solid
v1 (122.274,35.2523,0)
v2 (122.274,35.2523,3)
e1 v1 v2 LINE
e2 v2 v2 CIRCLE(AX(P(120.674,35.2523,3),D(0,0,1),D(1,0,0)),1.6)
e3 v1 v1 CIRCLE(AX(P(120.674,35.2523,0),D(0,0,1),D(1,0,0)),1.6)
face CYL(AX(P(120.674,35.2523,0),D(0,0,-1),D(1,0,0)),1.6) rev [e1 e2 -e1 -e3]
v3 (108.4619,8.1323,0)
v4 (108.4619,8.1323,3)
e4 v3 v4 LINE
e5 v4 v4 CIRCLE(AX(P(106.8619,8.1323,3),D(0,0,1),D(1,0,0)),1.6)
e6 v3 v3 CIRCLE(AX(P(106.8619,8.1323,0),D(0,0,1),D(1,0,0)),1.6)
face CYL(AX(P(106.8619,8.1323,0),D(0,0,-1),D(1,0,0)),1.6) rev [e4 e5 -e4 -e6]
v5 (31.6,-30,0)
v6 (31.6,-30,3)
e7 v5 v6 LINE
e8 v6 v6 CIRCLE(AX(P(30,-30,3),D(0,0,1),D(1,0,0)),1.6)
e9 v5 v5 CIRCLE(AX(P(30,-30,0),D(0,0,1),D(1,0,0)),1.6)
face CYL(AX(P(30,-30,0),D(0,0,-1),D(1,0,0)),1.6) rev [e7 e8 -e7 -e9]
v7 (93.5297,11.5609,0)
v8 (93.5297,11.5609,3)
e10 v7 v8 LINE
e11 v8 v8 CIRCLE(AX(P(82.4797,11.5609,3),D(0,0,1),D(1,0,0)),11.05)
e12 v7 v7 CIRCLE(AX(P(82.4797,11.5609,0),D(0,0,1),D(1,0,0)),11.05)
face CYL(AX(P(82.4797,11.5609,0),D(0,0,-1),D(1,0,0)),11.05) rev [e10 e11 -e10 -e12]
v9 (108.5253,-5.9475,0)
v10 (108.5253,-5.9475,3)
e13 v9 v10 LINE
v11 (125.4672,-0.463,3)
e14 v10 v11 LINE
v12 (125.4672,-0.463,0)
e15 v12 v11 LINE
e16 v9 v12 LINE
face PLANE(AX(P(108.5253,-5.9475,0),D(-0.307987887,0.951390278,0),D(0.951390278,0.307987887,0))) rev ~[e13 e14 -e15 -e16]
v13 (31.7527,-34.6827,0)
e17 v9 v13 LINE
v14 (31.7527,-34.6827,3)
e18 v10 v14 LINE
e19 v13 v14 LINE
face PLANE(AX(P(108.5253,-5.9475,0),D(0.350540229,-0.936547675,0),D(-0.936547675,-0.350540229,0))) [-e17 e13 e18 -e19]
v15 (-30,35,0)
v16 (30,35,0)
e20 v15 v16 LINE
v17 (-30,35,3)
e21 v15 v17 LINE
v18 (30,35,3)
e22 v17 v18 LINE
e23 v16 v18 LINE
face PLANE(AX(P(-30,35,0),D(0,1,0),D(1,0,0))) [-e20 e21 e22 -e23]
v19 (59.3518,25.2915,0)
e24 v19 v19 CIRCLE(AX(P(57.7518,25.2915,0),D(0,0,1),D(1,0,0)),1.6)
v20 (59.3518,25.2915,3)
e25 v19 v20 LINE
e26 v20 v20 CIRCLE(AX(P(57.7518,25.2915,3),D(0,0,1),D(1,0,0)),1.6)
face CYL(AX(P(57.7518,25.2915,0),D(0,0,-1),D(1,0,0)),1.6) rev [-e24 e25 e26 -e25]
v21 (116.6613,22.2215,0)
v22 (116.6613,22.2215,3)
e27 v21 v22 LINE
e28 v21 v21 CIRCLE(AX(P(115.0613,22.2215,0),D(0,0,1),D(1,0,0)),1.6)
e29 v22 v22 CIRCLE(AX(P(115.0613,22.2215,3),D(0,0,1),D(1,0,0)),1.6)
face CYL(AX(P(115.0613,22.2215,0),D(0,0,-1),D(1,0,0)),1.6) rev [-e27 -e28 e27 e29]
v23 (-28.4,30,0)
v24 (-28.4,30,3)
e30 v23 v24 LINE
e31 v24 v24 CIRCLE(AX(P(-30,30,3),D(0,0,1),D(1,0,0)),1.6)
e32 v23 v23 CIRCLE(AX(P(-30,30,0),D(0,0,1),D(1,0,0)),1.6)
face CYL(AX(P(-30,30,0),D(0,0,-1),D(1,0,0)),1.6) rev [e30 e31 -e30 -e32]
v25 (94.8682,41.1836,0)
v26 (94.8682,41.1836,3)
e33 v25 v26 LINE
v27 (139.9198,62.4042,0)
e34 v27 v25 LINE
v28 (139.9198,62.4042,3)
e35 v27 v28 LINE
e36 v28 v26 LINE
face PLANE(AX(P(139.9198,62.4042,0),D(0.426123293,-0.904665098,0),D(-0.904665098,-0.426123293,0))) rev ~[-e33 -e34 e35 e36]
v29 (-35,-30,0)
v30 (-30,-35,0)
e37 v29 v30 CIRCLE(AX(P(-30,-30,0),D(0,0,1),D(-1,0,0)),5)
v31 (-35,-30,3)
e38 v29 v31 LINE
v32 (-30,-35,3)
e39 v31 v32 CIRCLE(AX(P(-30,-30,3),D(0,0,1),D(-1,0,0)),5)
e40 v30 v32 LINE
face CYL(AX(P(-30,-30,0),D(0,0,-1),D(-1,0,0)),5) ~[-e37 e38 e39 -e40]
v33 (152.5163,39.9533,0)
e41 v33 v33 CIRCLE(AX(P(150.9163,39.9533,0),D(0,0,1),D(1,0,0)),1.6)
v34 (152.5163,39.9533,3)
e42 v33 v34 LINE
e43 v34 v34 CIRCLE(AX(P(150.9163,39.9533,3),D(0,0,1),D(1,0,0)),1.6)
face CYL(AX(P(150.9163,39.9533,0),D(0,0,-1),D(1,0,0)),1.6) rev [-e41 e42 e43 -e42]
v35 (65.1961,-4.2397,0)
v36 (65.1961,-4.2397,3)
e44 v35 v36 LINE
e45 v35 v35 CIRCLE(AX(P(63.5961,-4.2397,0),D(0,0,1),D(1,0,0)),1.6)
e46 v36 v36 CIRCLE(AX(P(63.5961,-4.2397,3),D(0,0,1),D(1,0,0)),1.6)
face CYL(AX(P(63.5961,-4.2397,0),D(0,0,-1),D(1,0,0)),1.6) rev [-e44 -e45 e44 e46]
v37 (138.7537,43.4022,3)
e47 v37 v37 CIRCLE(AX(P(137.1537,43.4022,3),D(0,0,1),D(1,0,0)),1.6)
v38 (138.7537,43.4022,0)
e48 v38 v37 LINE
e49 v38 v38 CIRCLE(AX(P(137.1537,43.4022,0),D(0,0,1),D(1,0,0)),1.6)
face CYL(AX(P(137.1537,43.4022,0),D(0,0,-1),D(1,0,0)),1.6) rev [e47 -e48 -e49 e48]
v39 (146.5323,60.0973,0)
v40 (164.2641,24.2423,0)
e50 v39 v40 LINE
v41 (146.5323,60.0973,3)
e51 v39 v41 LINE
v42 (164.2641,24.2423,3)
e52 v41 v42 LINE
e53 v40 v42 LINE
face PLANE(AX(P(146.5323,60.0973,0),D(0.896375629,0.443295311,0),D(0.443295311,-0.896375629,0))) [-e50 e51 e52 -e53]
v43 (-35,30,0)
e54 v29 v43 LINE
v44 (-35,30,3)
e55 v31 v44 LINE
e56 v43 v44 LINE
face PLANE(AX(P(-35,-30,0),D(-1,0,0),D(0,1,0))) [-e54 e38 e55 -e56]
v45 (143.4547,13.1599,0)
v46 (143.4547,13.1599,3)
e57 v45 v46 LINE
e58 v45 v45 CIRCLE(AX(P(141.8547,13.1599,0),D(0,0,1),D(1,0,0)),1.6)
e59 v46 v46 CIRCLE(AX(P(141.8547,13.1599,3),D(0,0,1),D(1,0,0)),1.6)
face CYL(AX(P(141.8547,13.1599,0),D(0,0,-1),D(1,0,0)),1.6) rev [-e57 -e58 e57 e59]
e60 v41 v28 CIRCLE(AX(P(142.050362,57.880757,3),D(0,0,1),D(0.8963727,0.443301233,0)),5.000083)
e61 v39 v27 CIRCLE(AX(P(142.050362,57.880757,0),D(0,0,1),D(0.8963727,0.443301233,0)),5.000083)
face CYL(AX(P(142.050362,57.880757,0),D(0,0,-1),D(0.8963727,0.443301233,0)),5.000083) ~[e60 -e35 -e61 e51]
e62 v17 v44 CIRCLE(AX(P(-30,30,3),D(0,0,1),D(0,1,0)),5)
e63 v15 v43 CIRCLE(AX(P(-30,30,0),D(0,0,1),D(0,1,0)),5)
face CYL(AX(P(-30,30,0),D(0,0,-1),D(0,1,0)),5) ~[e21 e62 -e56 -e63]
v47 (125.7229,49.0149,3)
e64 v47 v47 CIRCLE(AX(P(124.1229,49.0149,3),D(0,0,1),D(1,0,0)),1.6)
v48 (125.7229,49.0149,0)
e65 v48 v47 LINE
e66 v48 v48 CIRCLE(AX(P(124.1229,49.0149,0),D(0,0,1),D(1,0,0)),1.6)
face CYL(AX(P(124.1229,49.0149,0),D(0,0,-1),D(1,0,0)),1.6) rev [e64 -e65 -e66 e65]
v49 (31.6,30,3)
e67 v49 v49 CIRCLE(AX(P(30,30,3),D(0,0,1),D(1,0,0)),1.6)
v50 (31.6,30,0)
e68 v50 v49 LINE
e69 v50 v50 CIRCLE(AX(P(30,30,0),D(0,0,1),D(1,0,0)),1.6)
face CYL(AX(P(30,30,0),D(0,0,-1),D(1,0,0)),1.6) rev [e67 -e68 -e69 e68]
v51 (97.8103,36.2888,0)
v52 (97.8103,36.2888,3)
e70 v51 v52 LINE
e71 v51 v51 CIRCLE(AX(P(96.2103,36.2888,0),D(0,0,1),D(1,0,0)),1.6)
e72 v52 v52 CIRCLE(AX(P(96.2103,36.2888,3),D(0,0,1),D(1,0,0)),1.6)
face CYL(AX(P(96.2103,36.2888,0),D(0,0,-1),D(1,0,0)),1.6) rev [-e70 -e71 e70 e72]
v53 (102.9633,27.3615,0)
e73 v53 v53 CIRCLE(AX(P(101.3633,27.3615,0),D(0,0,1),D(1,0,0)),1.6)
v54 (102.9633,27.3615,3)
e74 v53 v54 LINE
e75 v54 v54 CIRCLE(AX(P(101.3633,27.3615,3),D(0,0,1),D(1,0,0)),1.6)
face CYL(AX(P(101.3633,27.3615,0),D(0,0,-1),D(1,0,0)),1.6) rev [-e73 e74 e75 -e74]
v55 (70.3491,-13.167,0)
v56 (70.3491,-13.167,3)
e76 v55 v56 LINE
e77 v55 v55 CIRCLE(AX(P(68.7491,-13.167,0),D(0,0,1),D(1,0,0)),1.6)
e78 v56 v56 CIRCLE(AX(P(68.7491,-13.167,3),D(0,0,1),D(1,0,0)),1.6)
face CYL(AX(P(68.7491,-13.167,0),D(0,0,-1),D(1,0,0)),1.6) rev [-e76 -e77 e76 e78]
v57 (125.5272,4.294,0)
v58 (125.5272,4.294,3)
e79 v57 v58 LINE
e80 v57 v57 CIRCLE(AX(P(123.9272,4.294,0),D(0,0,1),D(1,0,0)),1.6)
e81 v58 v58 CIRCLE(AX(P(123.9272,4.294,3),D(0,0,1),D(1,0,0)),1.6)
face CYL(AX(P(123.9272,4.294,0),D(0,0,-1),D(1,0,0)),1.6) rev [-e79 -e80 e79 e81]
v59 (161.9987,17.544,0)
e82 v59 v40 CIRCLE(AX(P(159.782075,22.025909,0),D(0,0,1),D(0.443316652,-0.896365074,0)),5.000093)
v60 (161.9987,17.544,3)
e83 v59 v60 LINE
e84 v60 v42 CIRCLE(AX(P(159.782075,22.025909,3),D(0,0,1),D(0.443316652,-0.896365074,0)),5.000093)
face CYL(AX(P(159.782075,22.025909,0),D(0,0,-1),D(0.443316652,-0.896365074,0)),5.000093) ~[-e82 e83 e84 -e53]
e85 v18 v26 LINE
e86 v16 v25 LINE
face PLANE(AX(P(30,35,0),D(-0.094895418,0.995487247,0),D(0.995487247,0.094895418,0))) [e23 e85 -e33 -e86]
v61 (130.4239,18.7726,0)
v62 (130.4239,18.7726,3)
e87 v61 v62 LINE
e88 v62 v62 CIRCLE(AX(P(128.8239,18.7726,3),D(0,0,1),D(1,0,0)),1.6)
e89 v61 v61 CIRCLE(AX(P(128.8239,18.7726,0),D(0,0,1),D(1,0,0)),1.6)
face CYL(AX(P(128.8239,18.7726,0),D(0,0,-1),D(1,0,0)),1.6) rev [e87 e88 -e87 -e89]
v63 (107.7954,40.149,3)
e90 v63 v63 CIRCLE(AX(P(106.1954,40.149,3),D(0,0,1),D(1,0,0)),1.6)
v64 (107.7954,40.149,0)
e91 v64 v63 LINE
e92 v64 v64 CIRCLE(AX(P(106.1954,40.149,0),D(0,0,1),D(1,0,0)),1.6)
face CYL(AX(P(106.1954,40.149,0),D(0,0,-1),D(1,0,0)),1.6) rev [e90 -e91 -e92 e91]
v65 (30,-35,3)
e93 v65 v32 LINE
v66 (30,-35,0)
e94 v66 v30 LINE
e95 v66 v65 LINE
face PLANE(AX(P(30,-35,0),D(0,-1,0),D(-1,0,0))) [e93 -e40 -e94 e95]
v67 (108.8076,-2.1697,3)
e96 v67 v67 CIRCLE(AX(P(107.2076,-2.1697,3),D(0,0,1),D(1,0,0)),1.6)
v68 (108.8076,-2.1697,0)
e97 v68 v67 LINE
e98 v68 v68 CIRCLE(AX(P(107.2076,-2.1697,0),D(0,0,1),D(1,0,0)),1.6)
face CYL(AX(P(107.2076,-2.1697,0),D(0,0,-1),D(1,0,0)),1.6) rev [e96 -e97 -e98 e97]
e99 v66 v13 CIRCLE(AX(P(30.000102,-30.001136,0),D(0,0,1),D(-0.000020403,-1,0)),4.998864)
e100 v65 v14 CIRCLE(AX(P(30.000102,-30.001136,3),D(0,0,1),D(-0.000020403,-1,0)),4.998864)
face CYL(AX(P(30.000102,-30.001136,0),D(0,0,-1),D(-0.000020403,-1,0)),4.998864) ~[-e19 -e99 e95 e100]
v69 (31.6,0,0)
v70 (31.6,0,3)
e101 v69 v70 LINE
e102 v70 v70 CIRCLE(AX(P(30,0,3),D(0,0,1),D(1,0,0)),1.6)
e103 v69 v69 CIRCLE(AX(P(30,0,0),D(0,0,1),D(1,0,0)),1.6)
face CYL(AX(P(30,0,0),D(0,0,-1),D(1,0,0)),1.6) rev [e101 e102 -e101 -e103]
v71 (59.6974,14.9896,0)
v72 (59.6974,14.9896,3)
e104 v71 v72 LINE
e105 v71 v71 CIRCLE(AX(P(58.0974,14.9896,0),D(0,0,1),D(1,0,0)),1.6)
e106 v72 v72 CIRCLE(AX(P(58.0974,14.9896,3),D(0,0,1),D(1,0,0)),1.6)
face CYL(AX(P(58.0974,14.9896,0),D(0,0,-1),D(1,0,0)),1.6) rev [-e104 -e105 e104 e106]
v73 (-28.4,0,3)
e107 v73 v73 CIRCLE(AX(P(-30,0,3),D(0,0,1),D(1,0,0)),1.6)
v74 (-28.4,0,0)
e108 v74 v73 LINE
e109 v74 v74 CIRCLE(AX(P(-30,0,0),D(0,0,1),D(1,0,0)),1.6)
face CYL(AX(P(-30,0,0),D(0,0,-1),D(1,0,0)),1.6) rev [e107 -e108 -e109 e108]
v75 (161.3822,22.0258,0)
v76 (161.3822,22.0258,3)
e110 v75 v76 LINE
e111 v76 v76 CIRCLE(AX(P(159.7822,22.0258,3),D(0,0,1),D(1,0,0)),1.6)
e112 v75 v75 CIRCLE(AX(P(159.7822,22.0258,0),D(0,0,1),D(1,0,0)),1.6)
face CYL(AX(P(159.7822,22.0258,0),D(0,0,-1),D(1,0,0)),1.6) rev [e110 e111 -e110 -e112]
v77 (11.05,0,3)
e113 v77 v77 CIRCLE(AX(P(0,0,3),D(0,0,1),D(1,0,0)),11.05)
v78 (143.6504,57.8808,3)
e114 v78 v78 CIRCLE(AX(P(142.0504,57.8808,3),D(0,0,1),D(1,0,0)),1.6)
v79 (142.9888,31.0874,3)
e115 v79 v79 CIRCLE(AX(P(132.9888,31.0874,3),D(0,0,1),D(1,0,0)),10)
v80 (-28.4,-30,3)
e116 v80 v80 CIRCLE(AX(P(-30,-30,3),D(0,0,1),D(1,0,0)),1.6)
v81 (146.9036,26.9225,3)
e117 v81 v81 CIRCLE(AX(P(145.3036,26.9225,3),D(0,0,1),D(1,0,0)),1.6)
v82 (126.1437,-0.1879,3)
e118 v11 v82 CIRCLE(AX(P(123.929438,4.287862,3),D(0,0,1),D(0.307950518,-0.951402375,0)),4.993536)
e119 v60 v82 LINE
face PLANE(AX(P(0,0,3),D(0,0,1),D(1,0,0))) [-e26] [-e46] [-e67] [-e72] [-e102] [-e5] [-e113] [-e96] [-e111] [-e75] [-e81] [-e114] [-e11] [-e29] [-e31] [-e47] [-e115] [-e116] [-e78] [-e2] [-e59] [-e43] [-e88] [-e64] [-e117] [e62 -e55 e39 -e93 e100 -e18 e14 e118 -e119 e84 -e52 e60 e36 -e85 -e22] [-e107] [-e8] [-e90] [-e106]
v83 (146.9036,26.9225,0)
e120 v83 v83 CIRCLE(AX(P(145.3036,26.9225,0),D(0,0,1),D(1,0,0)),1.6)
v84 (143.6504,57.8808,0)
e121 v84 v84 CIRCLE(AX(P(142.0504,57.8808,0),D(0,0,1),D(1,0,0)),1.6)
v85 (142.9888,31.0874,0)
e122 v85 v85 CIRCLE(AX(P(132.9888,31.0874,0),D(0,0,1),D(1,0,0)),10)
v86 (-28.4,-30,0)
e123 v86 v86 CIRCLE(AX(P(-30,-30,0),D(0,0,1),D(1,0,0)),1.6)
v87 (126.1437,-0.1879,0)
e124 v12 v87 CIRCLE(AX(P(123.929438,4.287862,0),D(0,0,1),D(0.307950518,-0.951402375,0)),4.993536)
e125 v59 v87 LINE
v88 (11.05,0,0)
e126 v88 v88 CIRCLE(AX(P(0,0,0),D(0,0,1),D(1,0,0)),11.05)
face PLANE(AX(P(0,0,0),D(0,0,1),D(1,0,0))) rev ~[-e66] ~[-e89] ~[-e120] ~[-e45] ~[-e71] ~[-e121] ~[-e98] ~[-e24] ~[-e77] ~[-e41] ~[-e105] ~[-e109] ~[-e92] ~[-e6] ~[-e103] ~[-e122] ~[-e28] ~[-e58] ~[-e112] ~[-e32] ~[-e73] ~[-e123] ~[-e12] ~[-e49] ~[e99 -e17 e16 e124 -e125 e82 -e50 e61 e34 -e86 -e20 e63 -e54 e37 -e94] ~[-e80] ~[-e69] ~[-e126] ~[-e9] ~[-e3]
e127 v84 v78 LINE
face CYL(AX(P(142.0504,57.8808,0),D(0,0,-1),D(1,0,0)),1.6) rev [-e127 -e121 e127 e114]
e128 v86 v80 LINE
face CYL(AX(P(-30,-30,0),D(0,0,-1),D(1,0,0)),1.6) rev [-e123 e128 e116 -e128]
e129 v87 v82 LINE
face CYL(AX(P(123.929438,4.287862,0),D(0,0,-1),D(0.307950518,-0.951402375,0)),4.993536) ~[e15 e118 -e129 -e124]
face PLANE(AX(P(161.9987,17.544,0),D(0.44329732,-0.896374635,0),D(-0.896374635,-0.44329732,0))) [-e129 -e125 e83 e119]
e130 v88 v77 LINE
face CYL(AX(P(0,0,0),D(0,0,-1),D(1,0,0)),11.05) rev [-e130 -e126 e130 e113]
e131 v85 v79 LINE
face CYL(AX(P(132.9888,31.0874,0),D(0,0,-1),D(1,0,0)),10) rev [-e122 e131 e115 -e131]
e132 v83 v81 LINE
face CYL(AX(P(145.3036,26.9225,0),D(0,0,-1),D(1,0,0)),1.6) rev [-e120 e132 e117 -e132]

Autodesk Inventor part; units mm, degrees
ref_plane "YZ Plane" through (0, 0, 0) normal (1, 0, 0) x (0, 1, 0)
ref_plane "XZ Plane" through (0, 0, 0) normal (0, 1, 0) x (-1, 0, 0)
ref_plane "XY Plane" through (0, 0, 0) normal (0, 0, 1) x (1, 0, 0)
sketch "スケッチ1" plane through (0, 0, 0) normal (0, 0, 1) x (1, 0, 0)
  circle A0 centre (0, 0) radius 11.05
  line L0 (30, 30) -> (-30, 30) construction
  line L1 (-30, 30) -> (-30, -30) construction
  line L2 (-30, -30) -> (30, -30) construction
  line L3 (30, -30) -> (30, 30) construction
  line L4 (30, 30) -> (-30, -30) construction
  line L5 (-30, 30) -> (30, -30) construction
  circle A1 centre (-30, 30) radius 1.6
  circle A2 centre (30, 30) radius 1.6
  circle A3 centre (30, -30) radius 1.6
  circle A4 centre (-30, -30) radius 1.6
  circle A5 centre (-30, 0) radius 1.6
  circle A6 centre (30, 0) radius 1.6
  circle A7 centre (0, 300) radius 10 construction
  line L6 (0, 300) -> (82.4797, 11.5609) construction
  line L7 (0, 300) -> (132.9888, 31.0874) construction
  arc A8 (0, 0) -> (244.9763, 126.8336) centre (0, 300) ccw construction
  line L8 (106.8619, 8.1323) -> (101.3633, 27.3615) construction
  circle A9 centre (82.4797, 11.5609) radius 11.05
  line L9 (96.2103, 36.2888) -> (57.7518, 25.2915) construction
  line L10 (101.3633, 27.3615) -> (58.0974, 14.9896) construction
  line L11 (58.0974, 14.9896) -> (106.8619, 8.1323) construction
  line L12 (101.3633, 27.3615) -> (63.5961, -4.2397) construction
  line L13 (63.5961, -4.2397) -> (106.8619, 8.1323) construction
  line L14 (96.2103, 36.2888) -> (68.7491, -13.167) construction
  circle A10 centre (82.4797, 11.5609) radius 23.5 construction
  line L15 (68.7491, -13.167) -> (107.2076, -2.1697) construction
  circle A11 centre (63.5961, -4.2397) radius 1.6
  line L16 (58.0974, 14.9896) -> (63.5961, -4.2397) construction
  line L17 (57.7518, 25.2915) -> (68.7491, -13.167) construction
  circle A12 centre (101.3633, 27.3615) radius 1.6
  circle A13 centre (101.3633, 27.3615) radius 5 construction
  circle A14 centre (107.2076, -2.1697) radius 1.6
  arc A15 (111.2054, -2.0356) -> (105.4181, -5.7471) centre (107.2076, -2.1697) ccw construction
  circle A16 centre (68.7491, -13.167) radius 1.6
  circle A17 centre (57.7518, 25.2915) radius 1.6
  circle A18 centre (106.8619, 8.1323) radius 1.6
  line L18 (107.2076, -2.1697) -> (96.2103, 36.2888) construction
  circle A19 centre (58.0974, 14.9896) radius 1.6
  circle A20 centre (96.2103, 36.2888) radius 1.6
  circle A21 centre (58.0974, 14.9896) radius 5 construction
  line L19 (57.7518, 25.2915) -> (107.2076, -2.1697) construction
  line L20 (37.5, 43.7095) -> (22.5, 43.7095) construction
  line L21 (22.5, 43.7095) -> (22.5, -43.7095) construction
  line L22 (22.5, -43.7095) -> (37.5, -43.7095) construction
  line L23 (37.5, -43.7095) -> (37.5, 43.7095) construction
  line L24 (37.5, 43.7095) -> (22.5, -43.7095) construction
  line L25 (22.5, 43.7095) -> (37.5, -43.7095) construction
  circle A22 centre (132.9888, 31.0874) radius 23 construction
  arc A23 (-30, 35) -> (-35, 30) centre (-30, 30) ccw
  arc A24 (-35, -30) -> (-30, -35) centre (-30, -30) ccw
  arc A25 (30, -35) -> (31.7527, -34.6827) centre (30, -30) ccw
  arc A26 (100.5407, 38.7884) -> (95.7358, 41.2663) centre (96.2103, 36.2888) ccw construction
  line L26 (108.5253, -5.9475) -> (31.7527, -34.6827)
  line L27 (30, -35) -> (-30, -35)
  line L28 (-35, -30) -> (-35, 30)
  line L29 (-30, 35) -> (30, 35)
  line L30 (30, 35) -> (94.8682, 41.1836)
  circle A27 centre (0, 0) radius 55 construction
  line L31 (142.0504, 57.8808) -> (106.1954, 40.149) construction
  line L32 (106.1954, 40.149) -> (123.9272, 4.294) construction
  line L33 (123.9272, 4.294) -> (159.7822, 22.0258) construction
  line L34 (159.7822, 22.0258) -> (142.0504, 57.8808) construction
  line L35 (142.0504, 57.8808) -> (123.9272, 4.294) construction
  line L36 (106.1954, 40.149) -> (159.7822, 22.0258) construction
  circle A28 centre (106.1954, 40.149) radius 1.6
  circle A29 centre (142.0504, 57.8808) radius 1.6
  circle A30 centre (159.7822, 22.0258) radius 1.6
  circle A31 centre (123.9272, 4.294) radius 1.6
  circle A32 centre (132.9888, 31.0874) radius 10
  circle A33 centre (120.674, 35.2523) radius 1.6
  circle A34 centre (137.1537, 43.4022) radius 1.6
  circle A35 centre (145.3036, 26.9225) radius 1.6
  circle A36 centre (128.8239, 18.7726) radius 1.6
  circle A37 centre (132.9888, 31.0874) radius 13 construction
  circle A38 centre (124.1229, 49.0149) radius 1.6
  circle A39 centre (141.8547, 13.1599) radius 1.6
  circle A40 centre (106.1954, 40.149) radius 5 construction
  arc A41 (126.1437, -0.1879) -> (125.4672, -0.463) centre (123.9272, 4.294) ccw construction
  line L37 (101.7135, 37.9325) -> (119.4454, 2.0775) construction
  arc A42 (146.5323, 60.0973) -> (139.9198, 62.4042) centre (142.0504, 57.8808) ccw
  arc A43 (161.9987, 17.544) -> (164.2641, 24.2423) centre (159.7822, 22.0258) ccw
  line L38 (139.9198, 62.4042) -> (94.8682, 41.1836)
  line L39 (146.5323, 60.0973) -> (164.2641, 24.2423)
  line L40 (161.9987, 17.544) -> (126.1437, -0.1879)
  line L41 (108.5253, -5.9475) -> (125.4672, -0.463)
  arc A44 (125.4672, -0.463) -> (126.1437, -0.1879) centre (123.9272, 4.294) ccw
  circle A45 centre (115.0613, 22.2215) radius 1.6
  circle A46 centre (150.9163, 39.9533) radius 1.6
  point P0 (82.4797, 11.5609)
  dimension "d59" = 10
  dimension "d0" = 22.1
  dimension "d1" = 60
  dimension "d2" = 60
  dimension "d3" = 3.2
  dimension "d5" = 3.2
  dimension "d6" = 3.2
  dimension "d8" = 3.2
  dimension "d9" = 3.2
  dimension "d10" = 3.2
  dimension "d11" = 20
  dimension "d13" = 300
  dimension "d14" = 47
  dimension "d15" = 22.1
  dimension "d16" = 20
  dimension "d17" = 45
  dimension "d18" = 40
  dimension "d19" = 40
  dimension "d20" = 3.2
  dimension "d21" = 3.2
  dimension "d22" = 3.2
  dimension "d23" = 3.2
  dimension "d24" = 3.2
  dimension "d25" = 3.2
  dimension "d26" = 3.2
  dimension "d27" = 3.2
  dimension "d28" = 10
  dimension "d30" = 8
  dimension "d31" = 10
  dimension "d32" = 15
  dimension "d33" = 46
  dimension "d35" = 5
  dimension "d38" = 5
  dimension "d39" = 5
  dimension "d40" = 5
  dimension "d41" = 5
  dimension "d44" = 110
  dimension "d45" = 40
  dimension "d46" = 40
  dimension "d47" = 3.2
  dimension "d48" = 3.2
  dimension "d49" = 3.2
  dimension "d50" = 3.2
  dimension "d51" = 20
  dimension "d52" = 3.2
  dimension "d53" = 3.2
  dimension "d54" = 3.2
  dimension "d55" = 3.2
  dimension "d56" = 13
  dimension "d57" = 3.2
  dimension "d58" = 3.2
  dimension "d60" = 10
  dimension "d61" = 5
  dimension "d62" = 5
  dimension "d65" = 3.2
  dimension "d66" = 3.2
extrude "押し出し2" add sketch "スケッチ1" along normal blind 3
properties part number "関節3_側板左"
